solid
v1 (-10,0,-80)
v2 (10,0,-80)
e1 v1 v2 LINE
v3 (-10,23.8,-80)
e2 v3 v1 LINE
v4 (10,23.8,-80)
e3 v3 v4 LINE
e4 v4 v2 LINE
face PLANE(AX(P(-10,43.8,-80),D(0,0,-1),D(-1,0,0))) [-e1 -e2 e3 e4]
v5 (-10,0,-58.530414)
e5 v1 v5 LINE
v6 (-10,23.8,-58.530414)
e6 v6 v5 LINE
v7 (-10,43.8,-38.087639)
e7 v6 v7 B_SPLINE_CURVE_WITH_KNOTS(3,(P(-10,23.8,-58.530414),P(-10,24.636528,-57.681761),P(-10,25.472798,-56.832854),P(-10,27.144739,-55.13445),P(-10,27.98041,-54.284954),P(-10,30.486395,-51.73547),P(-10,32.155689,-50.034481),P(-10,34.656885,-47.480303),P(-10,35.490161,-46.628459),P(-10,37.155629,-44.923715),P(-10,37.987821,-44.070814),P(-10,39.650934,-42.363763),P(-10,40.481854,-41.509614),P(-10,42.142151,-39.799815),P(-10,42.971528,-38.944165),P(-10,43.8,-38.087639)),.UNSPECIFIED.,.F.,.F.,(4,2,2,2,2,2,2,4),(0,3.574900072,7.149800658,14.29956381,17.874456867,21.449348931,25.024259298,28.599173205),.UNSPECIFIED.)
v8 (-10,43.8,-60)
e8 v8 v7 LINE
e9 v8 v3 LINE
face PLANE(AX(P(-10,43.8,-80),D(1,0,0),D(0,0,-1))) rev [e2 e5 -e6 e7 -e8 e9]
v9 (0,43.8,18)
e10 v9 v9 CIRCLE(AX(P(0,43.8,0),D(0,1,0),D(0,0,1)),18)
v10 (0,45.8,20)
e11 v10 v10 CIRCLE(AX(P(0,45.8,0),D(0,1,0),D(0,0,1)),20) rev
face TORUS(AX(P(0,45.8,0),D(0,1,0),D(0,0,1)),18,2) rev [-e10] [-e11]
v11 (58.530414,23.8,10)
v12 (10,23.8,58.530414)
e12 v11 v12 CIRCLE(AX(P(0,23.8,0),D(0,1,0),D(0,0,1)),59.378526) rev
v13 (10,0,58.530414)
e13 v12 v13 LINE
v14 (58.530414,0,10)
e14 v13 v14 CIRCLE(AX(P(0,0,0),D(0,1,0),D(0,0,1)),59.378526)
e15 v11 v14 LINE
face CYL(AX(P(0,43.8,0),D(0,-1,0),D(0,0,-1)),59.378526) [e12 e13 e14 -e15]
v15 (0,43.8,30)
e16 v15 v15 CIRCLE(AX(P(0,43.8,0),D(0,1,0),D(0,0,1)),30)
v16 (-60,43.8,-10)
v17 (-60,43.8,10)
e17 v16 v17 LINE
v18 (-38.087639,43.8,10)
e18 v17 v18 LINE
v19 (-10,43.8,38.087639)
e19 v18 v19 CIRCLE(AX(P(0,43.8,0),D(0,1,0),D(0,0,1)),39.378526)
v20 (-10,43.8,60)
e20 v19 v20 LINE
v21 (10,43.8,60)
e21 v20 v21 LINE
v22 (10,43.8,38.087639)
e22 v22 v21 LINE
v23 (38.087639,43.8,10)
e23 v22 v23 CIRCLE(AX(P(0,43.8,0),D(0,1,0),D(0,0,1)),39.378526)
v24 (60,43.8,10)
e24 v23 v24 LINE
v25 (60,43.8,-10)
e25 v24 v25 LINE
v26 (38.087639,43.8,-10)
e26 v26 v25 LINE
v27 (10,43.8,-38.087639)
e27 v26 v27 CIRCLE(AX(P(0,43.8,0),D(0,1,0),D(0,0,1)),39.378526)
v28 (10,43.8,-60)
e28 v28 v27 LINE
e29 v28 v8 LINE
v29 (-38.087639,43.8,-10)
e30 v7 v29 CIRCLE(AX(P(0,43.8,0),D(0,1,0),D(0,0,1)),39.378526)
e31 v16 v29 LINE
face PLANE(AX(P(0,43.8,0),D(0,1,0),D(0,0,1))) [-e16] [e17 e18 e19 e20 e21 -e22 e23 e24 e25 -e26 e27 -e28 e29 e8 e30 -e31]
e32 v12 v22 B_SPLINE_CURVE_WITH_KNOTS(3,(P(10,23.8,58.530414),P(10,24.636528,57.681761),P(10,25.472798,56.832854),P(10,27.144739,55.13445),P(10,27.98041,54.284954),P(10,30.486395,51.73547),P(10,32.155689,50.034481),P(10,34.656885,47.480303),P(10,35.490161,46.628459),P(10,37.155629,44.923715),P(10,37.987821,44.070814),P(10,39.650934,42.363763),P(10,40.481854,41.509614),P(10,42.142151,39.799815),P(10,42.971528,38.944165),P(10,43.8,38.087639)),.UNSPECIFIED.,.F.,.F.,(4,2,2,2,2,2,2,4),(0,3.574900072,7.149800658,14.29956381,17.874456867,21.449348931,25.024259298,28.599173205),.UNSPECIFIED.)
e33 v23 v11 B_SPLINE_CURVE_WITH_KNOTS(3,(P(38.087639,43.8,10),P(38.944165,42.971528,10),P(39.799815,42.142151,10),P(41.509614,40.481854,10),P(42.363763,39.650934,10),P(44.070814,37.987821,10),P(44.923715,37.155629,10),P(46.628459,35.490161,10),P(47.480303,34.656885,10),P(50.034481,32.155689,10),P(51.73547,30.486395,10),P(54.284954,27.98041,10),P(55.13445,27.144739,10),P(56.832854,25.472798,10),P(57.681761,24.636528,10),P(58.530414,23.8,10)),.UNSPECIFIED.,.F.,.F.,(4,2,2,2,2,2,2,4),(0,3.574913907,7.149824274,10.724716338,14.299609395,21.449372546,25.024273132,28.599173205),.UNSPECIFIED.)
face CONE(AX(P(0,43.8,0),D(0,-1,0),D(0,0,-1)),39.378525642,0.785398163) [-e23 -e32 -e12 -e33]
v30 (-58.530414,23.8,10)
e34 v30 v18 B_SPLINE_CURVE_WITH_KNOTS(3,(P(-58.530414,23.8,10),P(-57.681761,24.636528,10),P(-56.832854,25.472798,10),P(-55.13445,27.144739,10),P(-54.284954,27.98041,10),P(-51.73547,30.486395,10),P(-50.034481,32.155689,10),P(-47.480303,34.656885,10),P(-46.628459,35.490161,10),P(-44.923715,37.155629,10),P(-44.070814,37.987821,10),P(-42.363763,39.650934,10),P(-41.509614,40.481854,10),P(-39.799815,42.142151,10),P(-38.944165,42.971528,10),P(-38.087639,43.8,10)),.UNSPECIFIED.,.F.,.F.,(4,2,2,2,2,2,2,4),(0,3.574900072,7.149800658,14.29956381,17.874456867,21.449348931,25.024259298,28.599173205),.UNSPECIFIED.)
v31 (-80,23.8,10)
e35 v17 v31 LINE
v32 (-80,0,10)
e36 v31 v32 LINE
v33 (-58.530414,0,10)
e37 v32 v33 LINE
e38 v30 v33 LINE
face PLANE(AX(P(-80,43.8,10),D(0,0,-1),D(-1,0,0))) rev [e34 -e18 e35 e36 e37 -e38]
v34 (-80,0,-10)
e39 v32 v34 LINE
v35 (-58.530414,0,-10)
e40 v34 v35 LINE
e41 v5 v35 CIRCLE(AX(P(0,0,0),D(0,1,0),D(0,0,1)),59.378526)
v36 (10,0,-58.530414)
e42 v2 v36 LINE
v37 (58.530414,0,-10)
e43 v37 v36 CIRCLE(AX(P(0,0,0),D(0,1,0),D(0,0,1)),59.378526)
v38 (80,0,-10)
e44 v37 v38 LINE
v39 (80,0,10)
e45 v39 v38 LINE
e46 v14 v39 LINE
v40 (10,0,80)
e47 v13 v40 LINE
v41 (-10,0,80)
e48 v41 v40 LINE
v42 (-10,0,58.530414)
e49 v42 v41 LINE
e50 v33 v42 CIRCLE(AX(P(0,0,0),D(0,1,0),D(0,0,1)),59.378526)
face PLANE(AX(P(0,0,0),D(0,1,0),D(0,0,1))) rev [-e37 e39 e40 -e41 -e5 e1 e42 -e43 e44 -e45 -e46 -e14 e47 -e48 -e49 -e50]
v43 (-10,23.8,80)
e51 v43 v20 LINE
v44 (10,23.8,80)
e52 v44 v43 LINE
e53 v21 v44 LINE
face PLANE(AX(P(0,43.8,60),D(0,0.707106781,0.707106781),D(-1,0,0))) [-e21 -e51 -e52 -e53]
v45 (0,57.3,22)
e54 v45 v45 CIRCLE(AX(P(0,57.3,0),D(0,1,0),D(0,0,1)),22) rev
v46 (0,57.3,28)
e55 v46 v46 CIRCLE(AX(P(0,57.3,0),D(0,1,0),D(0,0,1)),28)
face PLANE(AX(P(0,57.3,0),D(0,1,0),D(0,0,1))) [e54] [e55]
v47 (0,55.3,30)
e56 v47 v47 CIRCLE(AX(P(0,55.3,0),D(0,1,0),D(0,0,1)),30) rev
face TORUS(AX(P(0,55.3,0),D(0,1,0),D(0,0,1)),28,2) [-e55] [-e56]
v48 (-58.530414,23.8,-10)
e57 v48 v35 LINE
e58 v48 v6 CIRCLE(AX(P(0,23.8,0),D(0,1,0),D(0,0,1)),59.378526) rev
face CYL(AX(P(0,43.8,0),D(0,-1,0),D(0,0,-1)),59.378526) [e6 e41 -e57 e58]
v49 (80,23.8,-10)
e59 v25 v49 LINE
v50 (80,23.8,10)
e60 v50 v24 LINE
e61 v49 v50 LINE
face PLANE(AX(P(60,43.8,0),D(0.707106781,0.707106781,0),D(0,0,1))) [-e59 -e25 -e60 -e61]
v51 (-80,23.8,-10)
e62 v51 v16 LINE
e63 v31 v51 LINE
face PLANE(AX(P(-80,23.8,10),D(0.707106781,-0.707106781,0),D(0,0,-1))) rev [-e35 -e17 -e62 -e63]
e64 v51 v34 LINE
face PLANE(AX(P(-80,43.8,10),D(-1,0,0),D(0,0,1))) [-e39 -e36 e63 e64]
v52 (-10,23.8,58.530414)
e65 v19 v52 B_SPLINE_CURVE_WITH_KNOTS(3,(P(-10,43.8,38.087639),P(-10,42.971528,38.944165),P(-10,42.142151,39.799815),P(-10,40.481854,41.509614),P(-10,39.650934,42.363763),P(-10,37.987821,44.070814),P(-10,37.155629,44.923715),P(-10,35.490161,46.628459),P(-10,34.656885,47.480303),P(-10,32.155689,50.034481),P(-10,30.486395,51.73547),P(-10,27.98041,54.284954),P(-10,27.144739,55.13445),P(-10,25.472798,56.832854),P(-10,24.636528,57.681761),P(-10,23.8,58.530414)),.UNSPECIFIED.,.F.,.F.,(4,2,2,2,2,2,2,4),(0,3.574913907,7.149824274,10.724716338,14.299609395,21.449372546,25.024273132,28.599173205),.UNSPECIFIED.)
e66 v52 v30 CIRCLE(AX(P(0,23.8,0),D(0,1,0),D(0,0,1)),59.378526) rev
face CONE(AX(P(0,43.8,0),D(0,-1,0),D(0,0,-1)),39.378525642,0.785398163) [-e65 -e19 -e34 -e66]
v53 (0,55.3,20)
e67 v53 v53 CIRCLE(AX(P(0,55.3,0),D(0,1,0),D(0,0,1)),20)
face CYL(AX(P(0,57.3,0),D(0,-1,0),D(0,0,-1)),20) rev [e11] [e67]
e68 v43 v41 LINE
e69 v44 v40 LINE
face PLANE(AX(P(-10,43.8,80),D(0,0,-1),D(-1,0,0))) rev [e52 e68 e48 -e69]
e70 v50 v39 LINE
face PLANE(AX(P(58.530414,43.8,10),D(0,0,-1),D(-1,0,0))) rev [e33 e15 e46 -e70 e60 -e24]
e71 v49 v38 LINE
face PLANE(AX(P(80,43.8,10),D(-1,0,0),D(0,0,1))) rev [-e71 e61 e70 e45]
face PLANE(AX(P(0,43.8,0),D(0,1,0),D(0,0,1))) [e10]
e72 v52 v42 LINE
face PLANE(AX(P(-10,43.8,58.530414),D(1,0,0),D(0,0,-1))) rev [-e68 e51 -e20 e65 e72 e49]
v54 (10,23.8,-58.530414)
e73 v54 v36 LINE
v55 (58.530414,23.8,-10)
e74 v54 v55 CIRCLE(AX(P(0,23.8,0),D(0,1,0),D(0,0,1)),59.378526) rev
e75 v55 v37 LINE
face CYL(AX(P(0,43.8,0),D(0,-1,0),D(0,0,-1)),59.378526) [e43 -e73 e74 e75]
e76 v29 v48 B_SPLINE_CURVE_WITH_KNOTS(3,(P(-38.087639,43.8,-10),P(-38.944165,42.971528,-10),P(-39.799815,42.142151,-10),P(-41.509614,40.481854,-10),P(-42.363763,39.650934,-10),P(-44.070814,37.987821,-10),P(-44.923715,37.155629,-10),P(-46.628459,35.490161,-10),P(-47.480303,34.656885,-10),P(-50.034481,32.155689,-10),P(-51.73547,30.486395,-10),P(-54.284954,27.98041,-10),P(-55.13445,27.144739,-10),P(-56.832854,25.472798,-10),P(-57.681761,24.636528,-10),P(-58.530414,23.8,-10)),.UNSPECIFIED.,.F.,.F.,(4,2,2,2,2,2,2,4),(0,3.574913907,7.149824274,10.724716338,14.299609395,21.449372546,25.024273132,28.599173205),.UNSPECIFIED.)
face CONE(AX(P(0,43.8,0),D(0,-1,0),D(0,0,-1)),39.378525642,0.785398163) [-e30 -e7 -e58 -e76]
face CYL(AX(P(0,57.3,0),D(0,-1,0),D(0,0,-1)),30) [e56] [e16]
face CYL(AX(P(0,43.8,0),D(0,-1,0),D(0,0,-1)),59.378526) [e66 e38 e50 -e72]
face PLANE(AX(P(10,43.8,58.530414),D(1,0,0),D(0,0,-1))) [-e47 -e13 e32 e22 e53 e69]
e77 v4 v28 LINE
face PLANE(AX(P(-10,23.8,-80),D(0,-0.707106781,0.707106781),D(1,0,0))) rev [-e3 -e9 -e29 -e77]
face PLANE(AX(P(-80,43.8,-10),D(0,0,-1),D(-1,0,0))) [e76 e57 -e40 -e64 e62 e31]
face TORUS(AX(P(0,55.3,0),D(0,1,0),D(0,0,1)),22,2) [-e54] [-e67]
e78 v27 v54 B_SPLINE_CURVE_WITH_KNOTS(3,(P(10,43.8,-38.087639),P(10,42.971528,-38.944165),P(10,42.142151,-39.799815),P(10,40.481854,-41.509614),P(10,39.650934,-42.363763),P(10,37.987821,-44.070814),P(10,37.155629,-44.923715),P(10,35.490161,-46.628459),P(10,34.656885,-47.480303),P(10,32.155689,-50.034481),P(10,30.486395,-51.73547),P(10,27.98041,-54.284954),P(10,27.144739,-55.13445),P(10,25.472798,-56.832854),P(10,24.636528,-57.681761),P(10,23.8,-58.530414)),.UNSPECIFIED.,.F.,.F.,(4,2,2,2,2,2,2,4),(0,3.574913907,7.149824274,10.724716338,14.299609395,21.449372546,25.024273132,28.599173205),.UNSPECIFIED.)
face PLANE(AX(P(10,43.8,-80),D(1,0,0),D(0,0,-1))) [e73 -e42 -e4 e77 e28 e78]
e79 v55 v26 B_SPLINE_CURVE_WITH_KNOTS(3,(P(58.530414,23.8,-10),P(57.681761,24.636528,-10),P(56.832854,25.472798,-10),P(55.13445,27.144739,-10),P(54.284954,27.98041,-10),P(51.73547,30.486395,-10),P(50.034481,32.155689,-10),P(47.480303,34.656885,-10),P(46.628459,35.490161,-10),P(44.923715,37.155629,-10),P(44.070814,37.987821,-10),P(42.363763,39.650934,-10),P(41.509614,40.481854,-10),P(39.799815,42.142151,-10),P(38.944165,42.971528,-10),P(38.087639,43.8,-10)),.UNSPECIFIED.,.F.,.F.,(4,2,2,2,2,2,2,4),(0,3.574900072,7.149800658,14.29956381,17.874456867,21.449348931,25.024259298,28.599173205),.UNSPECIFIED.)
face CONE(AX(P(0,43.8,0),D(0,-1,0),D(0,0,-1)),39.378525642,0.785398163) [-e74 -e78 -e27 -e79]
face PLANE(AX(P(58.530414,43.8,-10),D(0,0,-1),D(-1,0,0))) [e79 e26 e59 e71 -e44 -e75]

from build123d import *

# Parameters (mm, degrees)
SALIENTE_EXTRUIR1_DEPTH = 43.8
CHAFL_N1_SIZE           = 20
CROQUIS2_R              = 30
CROQUIS2_R_2            = 20
SALIENTE_EXTRUIR2_DEPTH = 13.5
REDONDEO1_R             = 2


with BuildPart() as part:
    # Croquis1 → Saliente-Extruir1 (new body)
    with BuildSketch(Plane(origin=(0, 0, 0), x_dir=(1, 0, 0), z_dir=(0, 1, 0))):
        with BuildLine():
            Line((-10, -58.530413525), (-10, -80))
            Line((-10, -80), (10, -80))
            Line((10, -80), (10, -58.530413525))
            ThreePointArc((10, -58.530413525), (41.986958138, -41.986958138), (58.530413525, -10))
            Line((58.530413525, -10), (80, -10))
            Line((80, -10), (80, 10))
            Line((80, 10), (58.530413525, 10))
            ThreePointArc((58.530413525, 10), (41.986958138, 41.986958138), (10, 58.530413525))
            Line((10, 58.530413525), (10, 80))
            Line((10, 80), (-10, 80))
            Line((-10, 80), (-10, 58.530413525))
            ThreePointArc((-10, 58.530413525), (-41.986958138, 41.986958138), (-58.530413525, 10))
            Line((-58.530413525, 10), (-80, 10))
            Line((-80, 10), (-80, -10))
            Line((-80, -10), (-58.530413525, -10))
            ThreePointArc((-58.530413525, -10), (-41.986958138, -41.986958138), (-10, -58.530413525))
        make_face()
    extrude(amount=SALIENTE_EXTRUIR1_DEPTH)

    # Chaflán1
    chafl_n1_edges = [part.edges().sort_by_distance(p)[0] for p in [
        (-80, 43.8, 0),
        (-41.986958138, 43.8, 41.986958138),
        (0, 43.8, 80),
        (41.986958138, 43.8, 41.986958138),
        (80, 43.8, 0),
        (41.986958138, 43.8, -41.986958138),
        (0, 43.8, -80),
        (-41.986958138, 43.8, -41.986958138),
    ]]
    chamfer(chafl_n1_edges, length=CHAFL_N1_SIZE)

    # Croquis2 → Saliente-Extruir2 (add)
    with BuildSketch(Plane(origin=(0, 43.8, 0), x_dir=(1, 0, 0), z_dir=(0, 1, 0))):
        Circle(CROQUIS2_R)
        Circle(CROQUIS2_R_2, mode=Mode.SUBTRACT)
    extrude(amount=SALIENTE_EXTRUIR2_DEPTH)

    # Redondeo1
    redondeo1_edges = [part.edges().sort_by_distance(p)[0] for p in [
        (-20, 43.8, 0),
        (-30, 57.3, 0),
        (-20, 57.3, 0),
    ]]
    fillet(redondeo1_edges, radius=REDONDEO1_R)


solid = part.part
